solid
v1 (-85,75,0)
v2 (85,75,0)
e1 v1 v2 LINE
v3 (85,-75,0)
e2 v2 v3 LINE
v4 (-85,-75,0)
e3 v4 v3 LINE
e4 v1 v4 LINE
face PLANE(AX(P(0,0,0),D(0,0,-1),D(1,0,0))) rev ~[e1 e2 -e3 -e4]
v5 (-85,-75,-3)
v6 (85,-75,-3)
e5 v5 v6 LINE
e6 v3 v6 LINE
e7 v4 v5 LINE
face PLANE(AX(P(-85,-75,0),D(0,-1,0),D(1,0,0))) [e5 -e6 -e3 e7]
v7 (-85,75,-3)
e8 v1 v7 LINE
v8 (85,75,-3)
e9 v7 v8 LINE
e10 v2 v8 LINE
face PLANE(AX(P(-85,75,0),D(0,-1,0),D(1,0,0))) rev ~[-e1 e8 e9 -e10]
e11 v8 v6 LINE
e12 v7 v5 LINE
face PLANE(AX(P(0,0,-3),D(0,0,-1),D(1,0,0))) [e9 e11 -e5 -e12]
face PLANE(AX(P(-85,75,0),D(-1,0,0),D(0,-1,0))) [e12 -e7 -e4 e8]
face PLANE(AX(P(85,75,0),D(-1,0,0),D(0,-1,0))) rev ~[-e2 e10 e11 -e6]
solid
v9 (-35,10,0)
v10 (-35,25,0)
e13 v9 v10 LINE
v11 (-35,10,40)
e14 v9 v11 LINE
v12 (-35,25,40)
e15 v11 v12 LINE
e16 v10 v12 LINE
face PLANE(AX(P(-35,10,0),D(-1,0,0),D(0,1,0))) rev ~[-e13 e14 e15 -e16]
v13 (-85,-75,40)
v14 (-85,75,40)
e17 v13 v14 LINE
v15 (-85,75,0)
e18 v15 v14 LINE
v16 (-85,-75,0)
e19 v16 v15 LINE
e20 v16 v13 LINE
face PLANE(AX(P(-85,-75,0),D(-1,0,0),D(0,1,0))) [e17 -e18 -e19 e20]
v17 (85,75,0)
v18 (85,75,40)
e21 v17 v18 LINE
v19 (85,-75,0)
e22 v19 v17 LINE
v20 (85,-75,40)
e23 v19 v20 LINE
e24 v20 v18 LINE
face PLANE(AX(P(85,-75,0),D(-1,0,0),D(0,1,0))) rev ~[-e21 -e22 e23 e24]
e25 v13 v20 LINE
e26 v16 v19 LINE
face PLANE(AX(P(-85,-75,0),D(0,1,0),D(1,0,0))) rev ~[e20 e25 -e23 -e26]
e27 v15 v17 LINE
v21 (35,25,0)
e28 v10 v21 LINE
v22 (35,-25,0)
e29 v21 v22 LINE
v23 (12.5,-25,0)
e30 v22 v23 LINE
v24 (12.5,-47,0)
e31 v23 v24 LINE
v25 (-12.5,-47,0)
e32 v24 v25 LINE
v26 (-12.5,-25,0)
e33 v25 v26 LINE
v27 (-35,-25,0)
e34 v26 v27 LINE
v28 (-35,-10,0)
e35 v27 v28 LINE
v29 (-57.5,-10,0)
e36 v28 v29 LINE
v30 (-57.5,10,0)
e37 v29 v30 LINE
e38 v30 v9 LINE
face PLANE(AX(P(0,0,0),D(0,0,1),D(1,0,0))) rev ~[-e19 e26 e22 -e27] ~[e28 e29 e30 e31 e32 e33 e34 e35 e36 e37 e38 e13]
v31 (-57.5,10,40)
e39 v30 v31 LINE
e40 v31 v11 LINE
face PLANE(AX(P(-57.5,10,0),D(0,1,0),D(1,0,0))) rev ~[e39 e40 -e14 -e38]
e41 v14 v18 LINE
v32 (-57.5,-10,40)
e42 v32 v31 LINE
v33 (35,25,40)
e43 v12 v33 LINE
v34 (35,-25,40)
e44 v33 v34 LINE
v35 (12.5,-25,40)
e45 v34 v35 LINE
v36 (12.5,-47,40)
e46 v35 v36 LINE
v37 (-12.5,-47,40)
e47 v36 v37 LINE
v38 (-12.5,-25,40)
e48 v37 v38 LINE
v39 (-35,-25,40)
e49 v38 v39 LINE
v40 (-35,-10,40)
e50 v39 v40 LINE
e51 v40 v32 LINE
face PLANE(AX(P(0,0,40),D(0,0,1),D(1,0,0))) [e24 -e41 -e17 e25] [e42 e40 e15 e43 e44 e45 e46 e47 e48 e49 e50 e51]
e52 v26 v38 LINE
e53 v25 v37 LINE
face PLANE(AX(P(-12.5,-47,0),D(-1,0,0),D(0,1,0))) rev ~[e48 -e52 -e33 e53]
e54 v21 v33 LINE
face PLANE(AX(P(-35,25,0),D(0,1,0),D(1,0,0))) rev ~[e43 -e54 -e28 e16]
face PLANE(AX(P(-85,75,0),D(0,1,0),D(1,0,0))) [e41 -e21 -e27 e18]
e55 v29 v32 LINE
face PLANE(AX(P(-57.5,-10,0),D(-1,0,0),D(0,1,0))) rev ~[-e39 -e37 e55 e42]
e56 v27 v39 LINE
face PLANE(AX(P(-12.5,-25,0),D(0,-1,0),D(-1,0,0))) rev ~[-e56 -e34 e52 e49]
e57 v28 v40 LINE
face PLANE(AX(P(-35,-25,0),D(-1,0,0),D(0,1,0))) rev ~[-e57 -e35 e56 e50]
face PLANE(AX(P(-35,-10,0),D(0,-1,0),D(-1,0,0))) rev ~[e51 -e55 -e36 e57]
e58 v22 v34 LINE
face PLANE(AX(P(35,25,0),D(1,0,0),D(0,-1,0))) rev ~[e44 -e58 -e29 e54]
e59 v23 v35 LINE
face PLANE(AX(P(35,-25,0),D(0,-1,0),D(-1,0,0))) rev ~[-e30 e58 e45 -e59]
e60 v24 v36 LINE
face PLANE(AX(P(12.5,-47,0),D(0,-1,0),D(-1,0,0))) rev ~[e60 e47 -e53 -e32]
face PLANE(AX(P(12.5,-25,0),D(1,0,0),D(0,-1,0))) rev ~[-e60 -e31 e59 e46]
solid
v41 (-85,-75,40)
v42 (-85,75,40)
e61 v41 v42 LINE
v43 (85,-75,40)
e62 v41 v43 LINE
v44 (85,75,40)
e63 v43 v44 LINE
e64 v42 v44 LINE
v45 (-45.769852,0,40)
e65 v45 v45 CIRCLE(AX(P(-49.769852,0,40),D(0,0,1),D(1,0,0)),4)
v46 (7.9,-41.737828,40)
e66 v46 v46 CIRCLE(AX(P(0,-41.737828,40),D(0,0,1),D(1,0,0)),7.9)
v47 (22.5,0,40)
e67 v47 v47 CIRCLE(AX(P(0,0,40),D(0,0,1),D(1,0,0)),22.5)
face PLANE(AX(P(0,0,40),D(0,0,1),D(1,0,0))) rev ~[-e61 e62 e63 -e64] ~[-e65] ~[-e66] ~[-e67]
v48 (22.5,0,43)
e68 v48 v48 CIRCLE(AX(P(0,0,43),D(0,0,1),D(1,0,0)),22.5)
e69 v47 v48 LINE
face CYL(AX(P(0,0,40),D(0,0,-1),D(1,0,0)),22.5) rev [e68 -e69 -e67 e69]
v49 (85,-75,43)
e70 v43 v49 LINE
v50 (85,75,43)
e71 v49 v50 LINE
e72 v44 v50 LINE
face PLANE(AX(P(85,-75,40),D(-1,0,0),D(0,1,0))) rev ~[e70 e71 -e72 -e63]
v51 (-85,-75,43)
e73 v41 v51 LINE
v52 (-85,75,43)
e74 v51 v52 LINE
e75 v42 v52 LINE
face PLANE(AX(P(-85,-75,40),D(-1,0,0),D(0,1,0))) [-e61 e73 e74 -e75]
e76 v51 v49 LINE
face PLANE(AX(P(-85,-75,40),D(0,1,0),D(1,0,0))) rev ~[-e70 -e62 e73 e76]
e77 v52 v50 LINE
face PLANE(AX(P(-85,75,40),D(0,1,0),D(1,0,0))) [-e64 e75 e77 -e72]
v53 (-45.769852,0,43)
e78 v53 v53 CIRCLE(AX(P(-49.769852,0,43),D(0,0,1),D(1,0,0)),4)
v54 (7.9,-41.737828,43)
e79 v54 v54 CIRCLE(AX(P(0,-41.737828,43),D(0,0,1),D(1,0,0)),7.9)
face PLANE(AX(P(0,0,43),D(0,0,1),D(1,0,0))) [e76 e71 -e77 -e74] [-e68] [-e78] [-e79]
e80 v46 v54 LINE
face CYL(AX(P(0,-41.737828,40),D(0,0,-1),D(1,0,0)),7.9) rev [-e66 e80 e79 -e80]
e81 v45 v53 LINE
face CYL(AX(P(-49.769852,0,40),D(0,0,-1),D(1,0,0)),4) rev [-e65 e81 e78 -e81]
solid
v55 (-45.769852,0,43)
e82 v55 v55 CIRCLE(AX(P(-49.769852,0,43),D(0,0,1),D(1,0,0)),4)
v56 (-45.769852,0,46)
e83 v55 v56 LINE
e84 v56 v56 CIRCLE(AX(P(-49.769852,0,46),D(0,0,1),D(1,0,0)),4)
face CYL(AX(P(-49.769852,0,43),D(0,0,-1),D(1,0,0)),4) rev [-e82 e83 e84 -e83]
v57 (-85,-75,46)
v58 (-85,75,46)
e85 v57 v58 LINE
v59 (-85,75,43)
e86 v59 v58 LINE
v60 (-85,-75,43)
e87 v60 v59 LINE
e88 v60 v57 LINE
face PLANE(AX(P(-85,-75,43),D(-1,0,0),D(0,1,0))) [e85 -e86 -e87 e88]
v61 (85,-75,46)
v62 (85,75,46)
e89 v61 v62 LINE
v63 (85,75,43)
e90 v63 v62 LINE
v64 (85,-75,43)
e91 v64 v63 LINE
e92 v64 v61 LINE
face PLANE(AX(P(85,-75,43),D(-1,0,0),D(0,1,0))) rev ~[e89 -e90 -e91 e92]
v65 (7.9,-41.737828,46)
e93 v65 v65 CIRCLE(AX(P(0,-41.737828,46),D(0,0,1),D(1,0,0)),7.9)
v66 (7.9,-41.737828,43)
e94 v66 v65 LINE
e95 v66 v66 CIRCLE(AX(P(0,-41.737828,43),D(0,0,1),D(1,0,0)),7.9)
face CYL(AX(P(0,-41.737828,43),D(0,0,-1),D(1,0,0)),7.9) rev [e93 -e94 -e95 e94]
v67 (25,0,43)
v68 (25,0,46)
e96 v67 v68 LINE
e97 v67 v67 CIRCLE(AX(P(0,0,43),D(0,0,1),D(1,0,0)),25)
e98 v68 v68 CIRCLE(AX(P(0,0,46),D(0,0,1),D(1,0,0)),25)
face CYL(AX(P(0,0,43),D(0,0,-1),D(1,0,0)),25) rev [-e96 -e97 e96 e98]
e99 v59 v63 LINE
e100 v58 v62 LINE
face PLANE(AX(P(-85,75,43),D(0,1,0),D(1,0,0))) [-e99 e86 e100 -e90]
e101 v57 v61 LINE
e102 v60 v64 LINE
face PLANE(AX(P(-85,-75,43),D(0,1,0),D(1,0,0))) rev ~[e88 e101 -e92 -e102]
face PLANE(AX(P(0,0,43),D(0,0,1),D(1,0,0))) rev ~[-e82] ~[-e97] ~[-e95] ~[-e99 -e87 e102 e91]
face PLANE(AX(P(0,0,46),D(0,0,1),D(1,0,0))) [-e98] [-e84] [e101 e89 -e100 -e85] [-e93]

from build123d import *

# Parameters (mm, degrees)
F0_W     = 170
F0_H     = 150
F1_DEPTH = 40
F2_W     = 170
F2_H     = 150
F3_DEPTH = 3
F4_W     = 170
F4_H     = 150
F4_R     = 7.9
F4_R_2   = 4
F4_R_3   = 22.5
F5_DEPTH = 3
F6_W     = 170
F6_H     = 150
F6_R     = 7.9
F6_R_2   = 4
F6_R_3   = 25
F7_DEPTH = 3


with BuildPart() as f1:
    # F0 (on Top) → F1 (new body)
    with BuildSketch(Plane.XY):
        Rectangle(F0_W, F0_H)
        Polygon((-35, 25), (35, 25), (35, -25), (12.5, -25), (12.5, -47), (-12.5, -47), (-12.5, -25), (-35, -25), (-35, -10), (-57.5, -10), (-57.5, 10), (-35, 10), align=None, mode=Mode.SUBTRACT)
    extrude(amount=F1_DEPTH)


with BuildPart() as f3:
    # F2 (on face) → F3 (new body)
    with BuildSketch(Plane(origin=(0, 0, 0), x_dir=(1, 0, 0), z_dir=(0, 0, -1))):
        Rectangle(F2_W, F2_H)
    extrude(amount=F3_DEPTH)


with BuildPart() as f5:
    # F4 (on face) → F5 (new body)
    with BuildSketch(Plane.XY.offset(40)):
        Rectangle(F4_W, F4_H)
        with Locations((0, -41.737828)):
            Circle(F4_R, mode=Mode.SUBTRACT)
        with Locations((-49.769852, 0)):
            Circle(F4_R_2, mode=Mode.SUBTRACT)
        Circle(F4_R_3, mode=Mode.SUBTRACT)
    extrude(amount=F5_DEPTH)


with BuildPart() as f7:
    # F6 (on face) → F7 (new body)
    with BuildSketch(Plane.XY.offset(43)):
        Rectangle(F6_W, F6_H)
        with Locations((0, -41.737828)):
            Circle(F6_R, mode=Mode.SUBTRACT)
        with Locations((-49.769852, 0)):
            Circle(F6_R_2, mode=Mode.SUBTRACT)
        Circle(F6_R_3, mode=Mode.SUBTRACT)
    extrude(amount=F7_DEPTH)


solid = Compound([f1.part, f3.part, f5.part, f7.part])
